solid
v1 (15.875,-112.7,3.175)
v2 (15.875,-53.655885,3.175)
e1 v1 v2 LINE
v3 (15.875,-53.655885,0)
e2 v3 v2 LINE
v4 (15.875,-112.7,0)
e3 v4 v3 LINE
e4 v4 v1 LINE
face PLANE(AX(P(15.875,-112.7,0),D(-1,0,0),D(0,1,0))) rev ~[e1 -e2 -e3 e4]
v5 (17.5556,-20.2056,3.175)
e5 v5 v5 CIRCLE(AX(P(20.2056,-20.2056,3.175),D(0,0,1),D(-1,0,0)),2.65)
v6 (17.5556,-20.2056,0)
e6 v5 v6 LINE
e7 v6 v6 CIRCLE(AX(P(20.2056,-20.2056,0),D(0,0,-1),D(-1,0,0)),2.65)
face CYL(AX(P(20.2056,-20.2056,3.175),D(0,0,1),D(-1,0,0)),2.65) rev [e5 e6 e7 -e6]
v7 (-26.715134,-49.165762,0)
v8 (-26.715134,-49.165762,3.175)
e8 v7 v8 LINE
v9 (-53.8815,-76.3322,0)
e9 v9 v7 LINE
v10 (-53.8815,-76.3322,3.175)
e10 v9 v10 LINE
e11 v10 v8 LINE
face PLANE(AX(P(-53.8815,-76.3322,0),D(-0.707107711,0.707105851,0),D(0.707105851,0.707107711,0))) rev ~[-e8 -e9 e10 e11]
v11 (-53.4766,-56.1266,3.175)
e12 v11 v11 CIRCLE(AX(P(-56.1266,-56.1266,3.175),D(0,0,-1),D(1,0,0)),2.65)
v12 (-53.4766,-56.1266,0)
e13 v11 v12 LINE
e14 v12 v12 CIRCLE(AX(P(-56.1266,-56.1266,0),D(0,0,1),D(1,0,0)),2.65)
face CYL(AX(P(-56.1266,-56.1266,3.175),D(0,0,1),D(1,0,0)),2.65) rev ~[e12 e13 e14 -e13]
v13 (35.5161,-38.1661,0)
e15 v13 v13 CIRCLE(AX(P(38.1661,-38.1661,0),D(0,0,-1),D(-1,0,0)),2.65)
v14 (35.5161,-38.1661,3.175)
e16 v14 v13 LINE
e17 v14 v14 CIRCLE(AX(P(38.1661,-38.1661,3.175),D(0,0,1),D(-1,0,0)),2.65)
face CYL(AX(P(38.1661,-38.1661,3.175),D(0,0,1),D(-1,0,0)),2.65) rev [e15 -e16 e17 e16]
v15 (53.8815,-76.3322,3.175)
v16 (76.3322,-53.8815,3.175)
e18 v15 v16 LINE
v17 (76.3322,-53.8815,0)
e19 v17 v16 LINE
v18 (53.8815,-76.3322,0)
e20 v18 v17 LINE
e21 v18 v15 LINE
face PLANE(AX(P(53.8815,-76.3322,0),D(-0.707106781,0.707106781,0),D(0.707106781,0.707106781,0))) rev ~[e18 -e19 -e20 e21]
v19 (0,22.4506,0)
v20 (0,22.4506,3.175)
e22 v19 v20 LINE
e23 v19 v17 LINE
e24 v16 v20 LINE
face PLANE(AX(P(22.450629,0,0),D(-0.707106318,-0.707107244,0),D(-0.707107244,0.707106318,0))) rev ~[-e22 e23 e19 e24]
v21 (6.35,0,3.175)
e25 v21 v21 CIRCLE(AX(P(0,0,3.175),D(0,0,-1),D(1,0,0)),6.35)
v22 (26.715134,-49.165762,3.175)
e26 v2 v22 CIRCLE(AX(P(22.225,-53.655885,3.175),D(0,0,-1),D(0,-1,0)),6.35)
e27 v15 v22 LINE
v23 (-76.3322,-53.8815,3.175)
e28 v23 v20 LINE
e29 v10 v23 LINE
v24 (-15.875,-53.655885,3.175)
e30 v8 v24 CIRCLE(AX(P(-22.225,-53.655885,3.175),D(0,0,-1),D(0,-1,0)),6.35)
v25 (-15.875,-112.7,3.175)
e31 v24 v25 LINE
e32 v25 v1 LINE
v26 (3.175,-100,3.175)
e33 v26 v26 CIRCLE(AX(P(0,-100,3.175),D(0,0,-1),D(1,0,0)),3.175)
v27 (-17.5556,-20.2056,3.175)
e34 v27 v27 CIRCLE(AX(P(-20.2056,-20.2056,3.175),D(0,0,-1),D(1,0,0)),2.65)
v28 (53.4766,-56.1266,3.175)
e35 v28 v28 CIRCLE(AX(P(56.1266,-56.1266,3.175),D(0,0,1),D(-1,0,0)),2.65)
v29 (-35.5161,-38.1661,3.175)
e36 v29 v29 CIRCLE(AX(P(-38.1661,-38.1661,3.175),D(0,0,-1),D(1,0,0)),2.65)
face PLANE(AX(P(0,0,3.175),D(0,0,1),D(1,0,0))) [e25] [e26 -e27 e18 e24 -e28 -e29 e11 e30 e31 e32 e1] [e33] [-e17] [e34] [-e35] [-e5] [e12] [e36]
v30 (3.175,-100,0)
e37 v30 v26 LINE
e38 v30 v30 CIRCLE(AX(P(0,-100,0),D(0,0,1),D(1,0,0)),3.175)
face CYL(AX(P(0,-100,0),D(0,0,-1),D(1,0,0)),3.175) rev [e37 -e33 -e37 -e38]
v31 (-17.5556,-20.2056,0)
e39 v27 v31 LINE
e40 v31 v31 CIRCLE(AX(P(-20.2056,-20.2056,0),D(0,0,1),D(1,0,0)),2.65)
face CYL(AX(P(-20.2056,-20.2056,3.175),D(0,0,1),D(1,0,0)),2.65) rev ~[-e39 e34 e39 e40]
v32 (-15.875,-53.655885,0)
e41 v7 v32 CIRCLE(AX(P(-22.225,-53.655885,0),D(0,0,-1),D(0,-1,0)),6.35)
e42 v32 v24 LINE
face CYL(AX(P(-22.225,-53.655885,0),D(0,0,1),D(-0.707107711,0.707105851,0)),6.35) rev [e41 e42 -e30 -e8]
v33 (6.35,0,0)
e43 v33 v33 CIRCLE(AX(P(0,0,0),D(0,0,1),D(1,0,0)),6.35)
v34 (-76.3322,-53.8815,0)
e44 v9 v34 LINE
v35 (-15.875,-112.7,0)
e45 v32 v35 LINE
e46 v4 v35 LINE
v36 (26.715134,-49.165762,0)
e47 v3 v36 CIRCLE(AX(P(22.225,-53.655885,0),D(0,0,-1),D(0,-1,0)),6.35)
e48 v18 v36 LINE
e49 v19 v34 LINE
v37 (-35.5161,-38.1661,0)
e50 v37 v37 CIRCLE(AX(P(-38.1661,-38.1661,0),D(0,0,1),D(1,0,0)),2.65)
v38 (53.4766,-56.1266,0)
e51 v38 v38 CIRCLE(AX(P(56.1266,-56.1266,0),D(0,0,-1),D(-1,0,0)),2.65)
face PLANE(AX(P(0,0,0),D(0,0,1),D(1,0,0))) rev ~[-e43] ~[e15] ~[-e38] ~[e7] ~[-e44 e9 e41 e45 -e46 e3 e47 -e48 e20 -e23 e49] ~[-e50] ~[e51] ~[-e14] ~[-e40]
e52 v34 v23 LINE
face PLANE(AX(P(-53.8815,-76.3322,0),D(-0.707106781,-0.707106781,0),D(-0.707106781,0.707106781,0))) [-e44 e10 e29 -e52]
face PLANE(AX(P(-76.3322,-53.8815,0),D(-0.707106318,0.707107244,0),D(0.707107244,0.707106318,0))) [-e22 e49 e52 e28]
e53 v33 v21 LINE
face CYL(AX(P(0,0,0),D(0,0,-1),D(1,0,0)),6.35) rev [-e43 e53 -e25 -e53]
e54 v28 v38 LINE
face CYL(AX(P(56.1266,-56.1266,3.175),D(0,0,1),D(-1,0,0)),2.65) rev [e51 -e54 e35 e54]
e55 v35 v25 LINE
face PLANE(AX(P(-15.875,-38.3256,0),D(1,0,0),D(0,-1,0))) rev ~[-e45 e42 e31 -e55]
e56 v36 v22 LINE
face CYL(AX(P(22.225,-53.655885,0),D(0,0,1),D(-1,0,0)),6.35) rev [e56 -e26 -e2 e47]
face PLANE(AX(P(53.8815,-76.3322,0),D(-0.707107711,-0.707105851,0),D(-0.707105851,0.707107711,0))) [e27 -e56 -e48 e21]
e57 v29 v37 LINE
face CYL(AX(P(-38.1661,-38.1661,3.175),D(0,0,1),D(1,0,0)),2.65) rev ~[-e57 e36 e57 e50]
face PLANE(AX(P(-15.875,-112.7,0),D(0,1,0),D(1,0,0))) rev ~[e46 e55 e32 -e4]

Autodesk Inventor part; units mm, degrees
ref_plane "YZ Plane" through (0, 0, 0) normal (1, 0, 0) x (0, 1, 0)
ref_plane "XZ Plane" through (0, 0, 0) normal (0, 1, 0) x (-1, 0, 0)
ref_plane "XY Plane" through (0, 0, 0) normal (0, 0, 1) x (1, 0, 0)
sketch "Sketch1" plane through (0, 0, 0) normal (0, 0, 1) x (1, 0, 0)
  line L0 (-53.8815, -76.3322) -> (-15.875, -38.3256)
  line L1 (-53.8815, -76.3322) -> (-76.3322, -53.8815)
  line L2 (-76.3322, -53.8815) -> (0, 22.4506)
  line L3 (53.8815, -76.3322) -> (15.875, -38.3256)
  line L4 (53.8815, -76.3322) -> (76.3322, -53.8815)
  line L5 (76.3322, -53.8815) -> (0, 22.4506)
  line L6 (-106.865, 0) -> (106.865, 0) projected
  line L7 (-15.875, -38.3256) -> (-15.875, -112.7)
  line L8 (-15.875, -112.7) -> (15.875, -112.7)
  line L9 (15.875, -112.7) -> (15.875, -38.3256)
  circle A0 centre (0, -100) radius 3.175
  line L10 (0, -139.7301) -> (0, 49.4808) projected
  circle A1 centre (0, 0) radius 6.35
  point P0 (0, -112.7)
  dimension "d13" = 31.75
  dimension "d38" = 100
  dimension "d39" = 45
  dimension "d41" = 15.875
  dimension "d43" = 112.7
  dimension "d44" = 12.7
  dimension "d47" = 15.875
  dimension "d48" = 76.2
extrude "Extrusion1" add sketch "Sketch1" along normal blind 3.175 contours L1 L2 L6 A1 L10 A0 L8 L7 L0 | L2 L10 A1 L6 | L10 A0 A1 L6 L5 L4 L3 L9 L8 | L5 L6 A1 L10
sketch "Sketch2" plane through (0, 0, 3.175) normal (0, 0, 1) x (1, 0, 0)
  line L0 (-76.3322, -53.8815) -> (-53.8815, -76.3322) projected
  line L1 (-65.1069, -65.1069) -> (14.4203, 14.4203)
  line L2 (53.8815, -76.3322) -> (76.3322, -53.8815) projected
  line L3 (76.3322, -53.8815) -> (0, 22.4506) projected
  line L4 (0, 22.4506) -> (-76.3322, -53.8815) projected
  line L5 (-76.3322, -53.8815) -> (-53.8815, -76.3322) projected
  line L6 (-53.8815, -76.3322) -> (-15.875, -38.3256) projected
  line L7 (15.875, -38.3256) -> (53.8815, -76.3322) projected
  circle A0 centre (-56.1266, -56.1266) radius 2.65
  circle A1 centre (-38.1661, -38.1661) radius 2.65
  circle A2 centre (-20.2056, -20.2056) radius 2.65
  line L8 (-15.875, -38.3256) -> (-15.875, -112.7) projected
  line L9 (-15.875, -112.7) -> (15.875, -112.7) projected
  line L10 (15.875, -112.7) -> (15.875, -38.3256) projected
  point P0 (0, 0)
  dimension "d17" = 5.3
  dimension "d18" = 12.7
  dimension "d21" = 25.4
extrude "Extrusion2" cut sketch "Sketch2" against normal blind 3.175 contours A0 L1 | L1 A0 | A2 L1 | L1 A2 | A1 L1 | L1 A1
mirror "Mirror1" about plane through (0, 0, 0) normal (1, 0, 0) of "Extrusion2"
fillet "Fillet3" radius 6.35 2 edges at (-15.875, -38.3256, 1.5875) (15.875, -38.3256, 1.5875)
equation "\"d41\" = 0.5 * d13"
equation "\"d47\" = d41"
equation "\"d15\" = plateThickness"
equation "\"d17\" = boltDiameter"
equation "\"d26\" = plateThickness"
equation "\"topDiameter\" = 25"
equation "\"shaftLength\" = 76.2"
equation "\"bearingDiameter\" = 28.62"
equation "\"plateThickness\" = 3.175"
equation "\"theta12\" = 100deg"
equation "\"boltDiameter\" = 5.3"
equation "\"gearboxLength\" = 101.6"
equation "\"boltedLength\" = 76.2"
equation "\"innerBoltSpacing\" = 12.7"
equation "\"outerBoltSpacing\" = 12.7"
properties part number "CH-1-HipPivotPlate" material "Aluminum 6061"
